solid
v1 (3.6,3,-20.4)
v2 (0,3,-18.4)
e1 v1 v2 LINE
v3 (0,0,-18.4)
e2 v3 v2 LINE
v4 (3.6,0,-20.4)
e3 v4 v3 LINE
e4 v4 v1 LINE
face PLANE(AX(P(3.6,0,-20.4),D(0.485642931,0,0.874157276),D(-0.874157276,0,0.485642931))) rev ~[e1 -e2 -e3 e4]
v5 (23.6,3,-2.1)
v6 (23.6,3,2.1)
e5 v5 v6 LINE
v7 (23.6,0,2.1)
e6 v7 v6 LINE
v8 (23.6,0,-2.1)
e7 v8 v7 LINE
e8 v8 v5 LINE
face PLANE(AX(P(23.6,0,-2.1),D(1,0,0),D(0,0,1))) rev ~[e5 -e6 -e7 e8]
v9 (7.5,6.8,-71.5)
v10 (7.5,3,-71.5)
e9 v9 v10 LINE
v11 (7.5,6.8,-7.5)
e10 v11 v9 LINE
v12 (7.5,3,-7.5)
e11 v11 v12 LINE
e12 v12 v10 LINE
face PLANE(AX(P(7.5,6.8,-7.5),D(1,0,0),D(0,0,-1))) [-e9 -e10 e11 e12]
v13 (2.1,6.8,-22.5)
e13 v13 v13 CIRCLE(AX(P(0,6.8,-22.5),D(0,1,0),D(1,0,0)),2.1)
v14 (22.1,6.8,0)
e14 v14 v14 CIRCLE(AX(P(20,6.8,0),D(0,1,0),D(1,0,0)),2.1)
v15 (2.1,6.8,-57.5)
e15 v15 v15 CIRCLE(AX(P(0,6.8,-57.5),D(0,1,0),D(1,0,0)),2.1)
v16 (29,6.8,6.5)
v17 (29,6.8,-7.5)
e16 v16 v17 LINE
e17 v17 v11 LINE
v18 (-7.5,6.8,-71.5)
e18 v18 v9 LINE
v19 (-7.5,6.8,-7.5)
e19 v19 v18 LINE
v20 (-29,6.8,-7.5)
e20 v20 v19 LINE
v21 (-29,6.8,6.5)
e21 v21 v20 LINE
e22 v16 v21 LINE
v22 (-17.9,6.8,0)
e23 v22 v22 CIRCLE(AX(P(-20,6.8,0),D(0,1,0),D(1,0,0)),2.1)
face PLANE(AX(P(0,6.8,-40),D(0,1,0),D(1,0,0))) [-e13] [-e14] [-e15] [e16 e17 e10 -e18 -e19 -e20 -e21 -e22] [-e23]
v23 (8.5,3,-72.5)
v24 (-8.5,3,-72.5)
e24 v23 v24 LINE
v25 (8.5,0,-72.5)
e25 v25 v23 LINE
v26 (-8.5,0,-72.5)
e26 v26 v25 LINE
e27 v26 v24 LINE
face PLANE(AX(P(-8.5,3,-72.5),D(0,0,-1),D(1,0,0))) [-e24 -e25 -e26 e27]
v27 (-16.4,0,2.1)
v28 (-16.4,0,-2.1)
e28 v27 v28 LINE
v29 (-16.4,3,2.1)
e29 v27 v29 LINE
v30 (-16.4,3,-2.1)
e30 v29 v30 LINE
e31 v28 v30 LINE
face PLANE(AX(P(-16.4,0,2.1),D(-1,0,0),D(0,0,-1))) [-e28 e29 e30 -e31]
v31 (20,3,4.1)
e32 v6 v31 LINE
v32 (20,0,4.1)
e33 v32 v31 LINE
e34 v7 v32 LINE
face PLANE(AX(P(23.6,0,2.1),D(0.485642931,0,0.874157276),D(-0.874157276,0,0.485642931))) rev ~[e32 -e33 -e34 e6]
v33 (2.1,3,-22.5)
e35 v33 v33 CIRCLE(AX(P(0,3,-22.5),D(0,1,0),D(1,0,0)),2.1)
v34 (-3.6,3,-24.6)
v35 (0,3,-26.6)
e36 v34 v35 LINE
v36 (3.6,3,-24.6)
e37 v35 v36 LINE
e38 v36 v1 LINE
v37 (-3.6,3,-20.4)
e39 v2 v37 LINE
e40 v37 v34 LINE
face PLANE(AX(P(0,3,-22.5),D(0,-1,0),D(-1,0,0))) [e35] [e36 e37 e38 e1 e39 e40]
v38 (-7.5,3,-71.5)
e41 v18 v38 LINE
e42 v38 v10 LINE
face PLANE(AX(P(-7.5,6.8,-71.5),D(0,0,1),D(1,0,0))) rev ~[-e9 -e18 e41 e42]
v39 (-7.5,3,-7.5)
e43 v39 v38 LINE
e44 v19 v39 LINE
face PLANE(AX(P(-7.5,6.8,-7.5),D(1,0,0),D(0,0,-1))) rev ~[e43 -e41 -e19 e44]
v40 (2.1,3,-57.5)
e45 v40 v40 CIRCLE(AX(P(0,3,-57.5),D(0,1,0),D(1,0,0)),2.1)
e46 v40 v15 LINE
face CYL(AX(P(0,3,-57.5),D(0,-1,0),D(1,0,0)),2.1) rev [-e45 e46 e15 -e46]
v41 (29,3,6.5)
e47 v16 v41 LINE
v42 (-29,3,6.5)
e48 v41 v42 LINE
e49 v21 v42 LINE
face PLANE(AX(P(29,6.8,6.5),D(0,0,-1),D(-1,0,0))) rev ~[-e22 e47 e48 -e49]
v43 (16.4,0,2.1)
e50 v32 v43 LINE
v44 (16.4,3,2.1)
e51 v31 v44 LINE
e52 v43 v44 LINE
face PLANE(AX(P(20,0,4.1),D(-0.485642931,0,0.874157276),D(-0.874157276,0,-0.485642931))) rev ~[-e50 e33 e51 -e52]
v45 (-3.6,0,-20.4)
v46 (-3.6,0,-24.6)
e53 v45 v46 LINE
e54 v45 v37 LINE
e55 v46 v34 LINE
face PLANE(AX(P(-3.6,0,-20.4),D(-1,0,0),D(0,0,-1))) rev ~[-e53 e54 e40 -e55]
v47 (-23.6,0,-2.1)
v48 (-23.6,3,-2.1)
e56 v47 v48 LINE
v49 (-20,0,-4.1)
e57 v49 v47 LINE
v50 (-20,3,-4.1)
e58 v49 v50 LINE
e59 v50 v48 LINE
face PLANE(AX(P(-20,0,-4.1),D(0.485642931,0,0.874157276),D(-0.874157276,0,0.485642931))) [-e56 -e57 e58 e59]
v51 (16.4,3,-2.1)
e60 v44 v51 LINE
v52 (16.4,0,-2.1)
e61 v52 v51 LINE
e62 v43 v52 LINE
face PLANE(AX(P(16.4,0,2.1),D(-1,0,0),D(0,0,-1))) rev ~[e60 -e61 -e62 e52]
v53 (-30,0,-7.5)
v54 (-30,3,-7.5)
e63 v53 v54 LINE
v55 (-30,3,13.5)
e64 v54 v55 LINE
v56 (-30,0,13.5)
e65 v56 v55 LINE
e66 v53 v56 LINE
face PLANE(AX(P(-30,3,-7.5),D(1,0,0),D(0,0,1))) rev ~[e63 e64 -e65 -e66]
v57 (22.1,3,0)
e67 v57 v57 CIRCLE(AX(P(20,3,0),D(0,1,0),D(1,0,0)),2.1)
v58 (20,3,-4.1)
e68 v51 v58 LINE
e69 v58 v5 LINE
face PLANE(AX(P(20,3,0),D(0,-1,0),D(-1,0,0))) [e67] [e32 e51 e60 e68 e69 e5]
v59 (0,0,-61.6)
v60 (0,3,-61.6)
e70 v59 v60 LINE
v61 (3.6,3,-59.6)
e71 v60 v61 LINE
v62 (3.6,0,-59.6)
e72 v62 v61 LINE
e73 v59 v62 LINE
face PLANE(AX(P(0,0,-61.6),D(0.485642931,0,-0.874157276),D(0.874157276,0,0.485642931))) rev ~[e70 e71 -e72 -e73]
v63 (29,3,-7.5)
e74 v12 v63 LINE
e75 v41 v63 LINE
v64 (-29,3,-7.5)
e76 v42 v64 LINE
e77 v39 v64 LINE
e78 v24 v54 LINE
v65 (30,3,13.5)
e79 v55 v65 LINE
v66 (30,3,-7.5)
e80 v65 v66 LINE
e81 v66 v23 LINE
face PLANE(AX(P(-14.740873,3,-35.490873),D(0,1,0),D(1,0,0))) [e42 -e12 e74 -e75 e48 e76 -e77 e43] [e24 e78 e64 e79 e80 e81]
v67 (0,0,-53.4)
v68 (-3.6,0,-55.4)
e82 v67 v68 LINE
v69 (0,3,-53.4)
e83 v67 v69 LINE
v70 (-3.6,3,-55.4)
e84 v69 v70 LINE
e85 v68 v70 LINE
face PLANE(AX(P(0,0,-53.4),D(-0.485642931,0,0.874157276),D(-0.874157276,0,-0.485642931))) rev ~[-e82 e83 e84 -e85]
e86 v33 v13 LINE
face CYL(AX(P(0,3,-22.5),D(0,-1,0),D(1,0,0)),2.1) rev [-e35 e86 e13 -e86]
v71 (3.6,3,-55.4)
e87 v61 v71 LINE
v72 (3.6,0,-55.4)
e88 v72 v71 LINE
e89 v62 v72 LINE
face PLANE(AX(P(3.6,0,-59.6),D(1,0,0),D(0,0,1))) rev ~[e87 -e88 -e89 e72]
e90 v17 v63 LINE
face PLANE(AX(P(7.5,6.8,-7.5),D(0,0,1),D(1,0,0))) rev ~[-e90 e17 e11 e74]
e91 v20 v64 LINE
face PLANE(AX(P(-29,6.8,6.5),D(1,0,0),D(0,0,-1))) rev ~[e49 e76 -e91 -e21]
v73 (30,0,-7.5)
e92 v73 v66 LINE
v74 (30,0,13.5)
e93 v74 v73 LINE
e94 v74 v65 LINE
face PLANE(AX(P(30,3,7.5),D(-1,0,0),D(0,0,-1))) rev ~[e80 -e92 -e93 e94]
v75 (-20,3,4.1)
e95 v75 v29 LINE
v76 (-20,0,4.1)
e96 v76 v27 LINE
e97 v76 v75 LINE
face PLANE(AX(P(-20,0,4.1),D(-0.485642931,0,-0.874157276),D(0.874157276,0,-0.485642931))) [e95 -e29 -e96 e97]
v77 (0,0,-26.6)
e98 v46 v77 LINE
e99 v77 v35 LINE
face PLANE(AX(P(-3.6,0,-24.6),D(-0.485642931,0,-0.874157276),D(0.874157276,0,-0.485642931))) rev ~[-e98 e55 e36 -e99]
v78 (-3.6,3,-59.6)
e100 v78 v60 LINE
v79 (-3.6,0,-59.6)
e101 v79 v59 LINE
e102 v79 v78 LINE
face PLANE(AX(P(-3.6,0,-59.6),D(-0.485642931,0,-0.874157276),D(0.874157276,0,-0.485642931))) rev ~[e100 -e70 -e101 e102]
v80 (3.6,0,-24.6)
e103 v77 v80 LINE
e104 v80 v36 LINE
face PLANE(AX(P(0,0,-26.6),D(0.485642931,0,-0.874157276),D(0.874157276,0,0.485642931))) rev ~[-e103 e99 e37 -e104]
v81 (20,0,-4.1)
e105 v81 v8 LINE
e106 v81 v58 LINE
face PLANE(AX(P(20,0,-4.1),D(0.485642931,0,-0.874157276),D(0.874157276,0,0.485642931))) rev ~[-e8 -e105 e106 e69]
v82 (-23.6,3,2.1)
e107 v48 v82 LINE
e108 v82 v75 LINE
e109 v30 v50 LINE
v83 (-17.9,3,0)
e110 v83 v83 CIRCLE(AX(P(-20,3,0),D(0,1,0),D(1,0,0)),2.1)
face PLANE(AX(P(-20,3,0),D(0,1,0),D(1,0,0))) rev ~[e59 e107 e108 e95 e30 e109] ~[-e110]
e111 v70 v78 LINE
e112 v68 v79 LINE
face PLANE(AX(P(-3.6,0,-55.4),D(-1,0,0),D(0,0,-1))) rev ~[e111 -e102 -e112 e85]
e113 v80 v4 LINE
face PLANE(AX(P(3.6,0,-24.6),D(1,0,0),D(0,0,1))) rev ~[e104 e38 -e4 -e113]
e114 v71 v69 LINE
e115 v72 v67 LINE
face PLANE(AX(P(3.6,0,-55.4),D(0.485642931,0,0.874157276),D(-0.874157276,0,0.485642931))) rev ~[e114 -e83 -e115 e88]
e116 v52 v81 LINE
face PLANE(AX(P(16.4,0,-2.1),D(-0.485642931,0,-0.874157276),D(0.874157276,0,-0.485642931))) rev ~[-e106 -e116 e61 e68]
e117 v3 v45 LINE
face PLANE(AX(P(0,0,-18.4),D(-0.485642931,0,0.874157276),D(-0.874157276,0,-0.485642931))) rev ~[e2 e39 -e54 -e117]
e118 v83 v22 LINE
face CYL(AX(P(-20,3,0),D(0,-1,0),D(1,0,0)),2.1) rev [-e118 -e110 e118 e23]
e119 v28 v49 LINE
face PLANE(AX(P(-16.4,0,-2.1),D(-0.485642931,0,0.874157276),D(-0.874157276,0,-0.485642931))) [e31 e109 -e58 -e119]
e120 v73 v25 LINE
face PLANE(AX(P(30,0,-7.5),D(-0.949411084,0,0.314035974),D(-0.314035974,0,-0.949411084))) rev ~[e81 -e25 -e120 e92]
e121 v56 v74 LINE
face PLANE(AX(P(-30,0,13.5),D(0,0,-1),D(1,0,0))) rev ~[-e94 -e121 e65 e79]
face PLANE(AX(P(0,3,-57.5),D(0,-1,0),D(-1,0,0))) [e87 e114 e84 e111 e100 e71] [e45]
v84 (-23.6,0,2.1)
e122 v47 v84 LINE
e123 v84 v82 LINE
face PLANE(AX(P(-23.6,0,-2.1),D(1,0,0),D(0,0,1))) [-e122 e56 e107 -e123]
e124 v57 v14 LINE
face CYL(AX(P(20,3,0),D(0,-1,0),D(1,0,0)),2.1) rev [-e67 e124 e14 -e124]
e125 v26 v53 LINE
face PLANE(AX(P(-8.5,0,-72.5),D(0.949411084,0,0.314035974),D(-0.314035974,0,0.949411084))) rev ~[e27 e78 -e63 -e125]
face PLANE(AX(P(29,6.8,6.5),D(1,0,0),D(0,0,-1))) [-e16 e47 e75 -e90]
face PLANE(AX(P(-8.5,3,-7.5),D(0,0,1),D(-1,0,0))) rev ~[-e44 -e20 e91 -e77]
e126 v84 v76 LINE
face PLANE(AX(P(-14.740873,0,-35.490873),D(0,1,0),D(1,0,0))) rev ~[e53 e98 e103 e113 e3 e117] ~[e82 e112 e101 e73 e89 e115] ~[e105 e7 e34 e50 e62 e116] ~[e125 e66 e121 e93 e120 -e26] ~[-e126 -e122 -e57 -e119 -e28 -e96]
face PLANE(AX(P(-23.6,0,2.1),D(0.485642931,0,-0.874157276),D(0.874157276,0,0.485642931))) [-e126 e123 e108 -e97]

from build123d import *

# Parameters (mm, degrees)
SKETCH1_W           = 17
SKETCH1_H           = 65
SKETCH1_R           = 2.1
SKETCH1_W_2         = 60
SKETCH1_H_2         = 15
SKETCH1_H_3         = 6
BOSS_EXTRUDE1_DEPTH = 3
SKETCH2_W           = 17
SKETCH2_H           = 65
SKETCH2_R           = 2.1
BOSS_EXTRUDE2_DEPTH = 3.8
SKETCH3_R           = 2.1
CUT_EXTRUDE1_DEPTH  = 18.8
CUT_EXTRUDE2_DEPTH  = 3
SKETCH5_W           = 1
SKETCH5_H           = 1
SKETCH5_W_2         = 15
SKETCH5_H_2         = 64
SKETCH5_H_3         = 14
SKETCH5_W_3         = 58
CUT_EXTRUDE3_DEPTH  = 3.8


with BuildPart() as part:
    # Sketch1 → Boss-Extrude1 (new body)
    with BuildSketch(Plane(origin=(0, 0, 0), x_dir=(1, 0, 0), z_dir=(0, 1, 0))):
        Polygon((-8.5, 72.5), (-30, 7.5), (-8.5, 7.5), align=None)
        Polygon((8.5, 7.5), (30, 7.5), (8.5, 72.5), align=None)
        with Locations((0, 40)):
            Rectangle(SKETCH1_W, SKETCH1_H)
        with Locations((0, 22.5)):
            Circle(SKETCH1_R, mode=Mode.SUBTRACT)
        with Locations((0, 57.5)):
            Circle(SKETCH1_R, mode=Mode.SUBTRACT)
        Rectangle(SKETCH1_W_2, SKETCH1_H_2)
        with Locations((-20, 0)):
            Circle(SKETCH1_R, mode=Mode.SUBTRACT)
        with Locations((20, 0)):
            Circle(SKETCH1_R, mode=Mode.SUBTRACT)
        with Locations((0, -10.5)):
            Rectangle(SKETCH1_W_2, SKETCH1_H_3)
        with Locations((0, 57.5)):
            Circle(SKETCH1_R)
        with Locations((0, 22.5)):
            Circle(SKETCH1_R)
        with Locations((-20, 0)):
            Circle(SKETCH1_R)
        with Locations((20, 0)):
            Circle(SKETCH1_R)
    extrude(amount=BOSS_EXTRUDE1_DEPTH)

    # Sketch2 → Boss-Extrude2 (add)
    with BuildSketch(Plane(origin=(0, 3, 0), x_dir=(1, 0, 0), z_dir=(0, 1, 0))):
        with Locations((0, 40)):
            Rectangle(SKETCH2_W, SKETCH2_H)
        with Locations((0, 22.5)):
            Circle(SKETCH2_R, mode=Mode.SUBTRACT)
        with Locations((0, 57.5)):
            Circle(SKETCH2_R, mode=Mode.SUBTRACT)
        Polygon((-8.5, 7.5), (-30, 7.5), (-30, -7.5), (30, -7.5), (30, 7.5), (8.5, 7.5), align=None)
        with Locations((-20, 0)):
            Circle(SKETCH2_R, mode=Mode.SUBTRACT)
        with Locations((20, 0)):
            Circle(SKETCH2_R, mode=Mode.SUBTRACT)
    extrude(amount=BOSS_EXTRUDE2_DEPTH)

    # Sketch3 → Cut-Extrude1 (cut)
    with BuildSketch(Plane(origin=(0, 6.8, 0), x_dir=(1, 0, 0), z_dir=(0, 1, 0))):
        with Locations((0, 57.5)):
            Circle(SKETCH3_R)
        with Locations((0, 22.5)):
            Circle(SKETCH3_R)
        with Locations((20, 0)):
            Circle(SKETCH3_R)
        with Locations((-20, 0)):
            Circle(SKETCH3_R)
    extrude(amount=-CUT_EXTRUDE1_DEPTH, mode=Mode.SUBTRACT)

    # Sketch4 → Cut-Extrude2 (cut)
    with BuildSketch(Plane(origin=(0, 0, 0), x_dir=(-1, 0, 0), z_dir=(0, -1, 0))):
        Polygon((23.6, 2.1), (23.6, -2.1), (20, -4.1), (16.4, -2.1), (16.4, 2.1), (20, 4.1), align=None)
        Polygon((-23.6, 2.1), (-23.6, -2.1), (-20, -4.1), (-16.4, -2.1), (-16.4, 2.1), (-20, 4.1), align=None)
        Polygon((0, 18.4), (3.6, 20.4), (3.6, 24.6), (0, 26.6), (-3.6, 24.6), (-3.6, 20.4), align=None)
        Polygon((3.6, 55.4), (3.6, 59.6), (0, 61.6), (-3.6, 59.6), (-3.6, 55.4), (0, 53.4), align=None)
    extrude(amount=-CUT_EXTRUDE2_DEPTH, mode=Mode.SUBTRACT)

    # Sketch5 → Cut-Extrude3 (cut)
    with BuildSketch(Plane(origin=(0, 6.8, 0), x_dir=(1, 0, 0), z_dir=(0, 1, 0))):
        with Locations((8, 72)):
            Rectangle(SKETCH5_W, SKETCH5_H)
        with Locations((0, 72)):
            Rectangle(SKETCH5_W_2, SKETCH5_H)
        with Locations((-8, 72)):
            Rectangle(SKETCH5_W, SKETCH5_H)
        with Locations((-8, 39.5)):
            Rectangle(SKETCH5_W, SKETCH5_H_2)
        with Locations((8, 39.5)):
            Rectangle(SKETCH5_W, SKETCH5_H_2)
        with Locations((29.5, -7)):
            Rectangle(SKETCH5_W, SKETCH5_H)
        with Locations((-29.5, -7)):
            Rectangle(SKETCH5_W, SKETCH5_H)
        with Locations((-29.5, 0.5)):
            Rectangle(SKETCH5_W, SKETCH5_H_3)
        with Locations((0, -7)):
            Rectangle(SKETCH5_W_3, SKETCH5_H)
        with Locations((29.5, 0.5)):
            Rectangle(SKETCH5_W, SKETCH5_H_3)
    extrude(amount=-CUT_EXTRUDE3_DEPTH, mode=Mode.SUBTRACT)


solid = part.part
